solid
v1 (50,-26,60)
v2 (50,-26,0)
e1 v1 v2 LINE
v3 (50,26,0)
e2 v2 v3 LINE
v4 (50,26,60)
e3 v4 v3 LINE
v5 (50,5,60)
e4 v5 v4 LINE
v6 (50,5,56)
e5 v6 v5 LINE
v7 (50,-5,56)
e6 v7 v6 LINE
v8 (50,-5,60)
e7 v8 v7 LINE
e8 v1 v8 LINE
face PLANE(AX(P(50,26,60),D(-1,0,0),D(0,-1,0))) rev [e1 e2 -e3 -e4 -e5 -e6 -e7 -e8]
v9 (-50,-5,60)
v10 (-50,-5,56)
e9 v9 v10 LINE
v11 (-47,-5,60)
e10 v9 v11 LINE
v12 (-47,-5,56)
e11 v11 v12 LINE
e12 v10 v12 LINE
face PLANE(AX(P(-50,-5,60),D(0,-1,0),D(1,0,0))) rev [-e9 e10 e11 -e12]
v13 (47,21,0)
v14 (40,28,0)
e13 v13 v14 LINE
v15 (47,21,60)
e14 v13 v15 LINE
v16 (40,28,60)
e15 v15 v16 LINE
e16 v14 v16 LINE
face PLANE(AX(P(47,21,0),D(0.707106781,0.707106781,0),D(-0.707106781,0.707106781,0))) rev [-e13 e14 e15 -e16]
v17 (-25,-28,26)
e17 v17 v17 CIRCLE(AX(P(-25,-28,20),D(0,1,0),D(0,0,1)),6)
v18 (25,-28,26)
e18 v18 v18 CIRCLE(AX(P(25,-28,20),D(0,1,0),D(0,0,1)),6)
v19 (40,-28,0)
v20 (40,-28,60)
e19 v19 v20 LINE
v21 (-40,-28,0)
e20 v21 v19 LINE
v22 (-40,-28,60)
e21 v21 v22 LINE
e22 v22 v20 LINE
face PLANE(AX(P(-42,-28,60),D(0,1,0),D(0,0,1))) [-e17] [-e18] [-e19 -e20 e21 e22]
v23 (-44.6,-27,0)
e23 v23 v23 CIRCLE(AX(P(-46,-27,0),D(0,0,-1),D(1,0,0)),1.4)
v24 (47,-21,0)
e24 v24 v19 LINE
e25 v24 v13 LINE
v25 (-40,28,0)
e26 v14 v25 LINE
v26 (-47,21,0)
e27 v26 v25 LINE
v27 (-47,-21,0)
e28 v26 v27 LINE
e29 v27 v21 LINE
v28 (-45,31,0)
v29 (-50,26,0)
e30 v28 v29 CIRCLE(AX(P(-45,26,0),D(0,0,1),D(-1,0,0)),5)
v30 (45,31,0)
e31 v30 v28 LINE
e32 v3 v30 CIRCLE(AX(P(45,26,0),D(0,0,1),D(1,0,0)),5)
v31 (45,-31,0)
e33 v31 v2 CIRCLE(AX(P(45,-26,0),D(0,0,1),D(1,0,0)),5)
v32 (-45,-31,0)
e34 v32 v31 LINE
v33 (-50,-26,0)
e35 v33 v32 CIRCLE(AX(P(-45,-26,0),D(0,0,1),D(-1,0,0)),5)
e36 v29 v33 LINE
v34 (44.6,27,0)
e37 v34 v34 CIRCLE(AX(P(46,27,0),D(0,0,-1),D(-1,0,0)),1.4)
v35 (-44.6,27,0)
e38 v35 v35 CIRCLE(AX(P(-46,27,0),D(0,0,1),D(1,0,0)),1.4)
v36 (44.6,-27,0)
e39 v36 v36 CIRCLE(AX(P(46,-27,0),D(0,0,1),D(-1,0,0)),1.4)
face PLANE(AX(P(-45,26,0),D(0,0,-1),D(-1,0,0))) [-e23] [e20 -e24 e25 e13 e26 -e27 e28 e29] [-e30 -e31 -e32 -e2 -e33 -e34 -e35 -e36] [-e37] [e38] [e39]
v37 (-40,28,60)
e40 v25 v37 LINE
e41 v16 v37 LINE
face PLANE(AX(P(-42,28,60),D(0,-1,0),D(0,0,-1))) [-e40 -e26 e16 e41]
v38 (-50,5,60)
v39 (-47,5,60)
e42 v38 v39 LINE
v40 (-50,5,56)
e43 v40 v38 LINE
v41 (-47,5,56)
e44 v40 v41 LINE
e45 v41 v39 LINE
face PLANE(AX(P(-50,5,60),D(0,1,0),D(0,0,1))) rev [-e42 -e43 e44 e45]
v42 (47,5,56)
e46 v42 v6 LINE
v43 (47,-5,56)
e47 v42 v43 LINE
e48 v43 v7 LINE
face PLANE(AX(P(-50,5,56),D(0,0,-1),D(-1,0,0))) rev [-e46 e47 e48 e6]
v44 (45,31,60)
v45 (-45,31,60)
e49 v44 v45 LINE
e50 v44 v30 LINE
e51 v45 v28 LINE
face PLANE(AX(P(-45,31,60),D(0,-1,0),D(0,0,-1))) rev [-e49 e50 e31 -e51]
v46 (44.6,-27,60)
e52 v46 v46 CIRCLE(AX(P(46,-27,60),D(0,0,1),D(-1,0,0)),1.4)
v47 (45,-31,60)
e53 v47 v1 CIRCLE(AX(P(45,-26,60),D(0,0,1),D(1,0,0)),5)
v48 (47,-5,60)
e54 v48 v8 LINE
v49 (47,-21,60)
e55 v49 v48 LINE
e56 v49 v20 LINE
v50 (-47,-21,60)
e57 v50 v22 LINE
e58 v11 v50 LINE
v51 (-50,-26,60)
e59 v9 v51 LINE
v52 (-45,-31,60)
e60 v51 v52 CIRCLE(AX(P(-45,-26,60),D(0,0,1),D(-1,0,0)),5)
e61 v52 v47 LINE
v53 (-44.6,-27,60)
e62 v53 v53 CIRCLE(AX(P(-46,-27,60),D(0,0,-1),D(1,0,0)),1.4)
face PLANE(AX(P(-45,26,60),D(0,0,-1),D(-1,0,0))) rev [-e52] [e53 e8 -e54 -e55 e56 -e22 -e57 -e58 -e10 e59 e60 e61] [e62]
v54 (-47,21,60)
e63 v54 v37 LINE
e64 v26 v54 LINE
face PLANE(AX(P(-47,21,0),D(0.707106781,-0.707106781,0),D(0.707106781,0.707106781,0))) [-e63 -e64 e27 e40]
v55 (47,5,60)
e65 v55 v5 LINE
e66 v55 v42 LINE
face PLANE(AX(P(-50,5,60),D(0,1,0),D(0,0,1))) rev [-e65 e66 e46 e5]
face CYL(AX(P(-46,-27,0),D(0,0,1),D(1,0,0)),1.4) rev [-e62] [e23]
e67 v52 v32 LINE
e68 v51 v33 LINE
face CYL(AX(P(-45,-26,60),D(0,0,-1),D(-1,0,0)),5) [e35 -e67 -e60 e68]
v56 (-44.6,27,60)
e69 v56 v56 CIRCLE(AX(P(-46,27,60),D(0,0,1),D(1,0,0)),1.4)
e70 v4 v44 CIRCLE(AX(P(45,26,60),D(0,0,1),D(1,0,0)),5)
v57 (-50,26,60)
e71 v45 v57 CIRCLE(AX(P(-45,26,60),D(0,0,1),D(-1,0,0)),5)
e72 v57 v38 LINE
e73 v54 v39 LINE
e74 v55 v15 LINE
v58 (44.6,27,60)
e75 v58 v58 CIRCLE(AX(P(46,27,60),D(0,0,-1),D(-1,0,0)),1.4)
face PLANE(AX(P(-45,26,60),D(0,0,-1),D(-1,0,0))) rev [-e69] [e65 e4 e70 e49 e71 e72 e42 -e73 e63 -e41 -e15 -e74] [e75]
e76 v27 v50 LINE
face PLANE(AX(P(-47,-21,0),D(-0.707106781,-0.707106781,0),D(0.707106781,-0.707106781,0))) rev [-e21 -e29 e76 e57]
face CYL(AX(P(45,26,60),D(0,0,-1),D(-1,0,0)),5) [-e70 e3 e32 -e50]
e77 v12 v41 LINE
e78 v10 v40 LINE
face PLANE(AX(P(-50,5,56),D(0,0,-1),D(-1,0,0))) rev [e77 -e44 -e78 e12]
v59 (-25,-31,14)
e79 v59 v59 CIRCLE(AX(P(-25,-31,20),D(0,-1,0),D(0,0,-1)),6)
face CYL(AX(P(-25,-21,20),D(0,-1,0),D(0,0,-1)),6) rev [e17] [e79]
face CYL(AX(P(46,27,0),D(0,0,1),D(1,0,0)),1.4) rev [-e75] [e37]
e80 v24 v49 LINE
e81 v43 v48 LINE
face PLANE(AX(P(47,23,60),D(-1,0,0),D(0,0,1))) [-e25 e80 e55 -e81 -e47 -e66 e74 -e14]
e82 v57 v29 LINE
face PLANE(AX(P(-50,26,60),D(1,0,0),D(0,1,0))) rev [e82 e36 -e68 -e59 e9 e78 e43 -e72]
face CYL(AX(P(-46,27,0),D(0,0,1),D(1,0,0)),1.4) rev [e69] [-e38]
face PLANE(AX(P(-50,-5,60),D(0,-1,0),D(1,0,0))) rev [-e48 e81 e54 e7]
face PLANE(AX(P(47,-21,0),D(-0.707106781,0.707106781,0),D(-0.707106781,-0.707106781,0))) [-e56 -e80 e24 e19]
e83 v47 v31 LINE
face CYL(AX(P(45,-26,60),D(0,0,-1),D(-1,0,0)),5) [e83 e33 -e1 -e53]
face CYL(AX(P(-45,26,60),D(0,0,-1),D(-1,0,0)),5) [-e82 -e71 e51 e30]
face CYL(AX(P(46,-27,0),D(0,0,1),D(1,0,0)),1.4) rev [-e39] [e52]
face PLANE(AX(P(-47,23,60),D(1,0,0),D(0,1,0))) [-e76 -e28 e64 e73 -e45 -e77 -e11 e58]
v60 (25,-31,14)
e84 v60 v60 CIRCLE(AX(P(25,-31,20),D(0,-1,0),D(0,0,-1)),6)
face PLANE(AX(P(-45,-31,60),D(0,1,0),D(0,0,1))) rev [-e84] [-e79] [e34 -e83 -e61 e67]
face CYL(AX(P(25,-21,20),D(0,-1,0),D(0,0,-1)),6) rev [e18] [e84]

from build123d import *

# Parameters (mm, degrees)
EXTRUDE_1_DEPTH          = 60
EXTRUDE_2_DEPTH          = 60
SKETCH_4_R               = 1.4
CUT_EXTRUDE_1_DEPTH      = 60
MIRROR_2_COPY_1_DEPTH    = 60
MIRROR_2_COPY_2_SKETCH_R = 1.4
MIRROR_2_COPY_2_DEPTH    = 60
SKETCH_7_R               = 6
CUT_EXTRUDE_3_DEPTH      = 10
SKETCH_8_W               = 4
SKETCH_8_H               = 10
CUT_EXTRUDE_4_DEPTH      = 100


with BuildPart() as part:
    # 草图1 → 凸台-拉伸1 (new body)
    with BuildSketch(Plane.XY):
        with BuildLine():
            Line((-45, 31), (45, 31))
            ThreePointArc((45, 31), (48.535533906, 29.535533906), (50, 26))
            Line((50, 26), (50, -26))
            ThreePointArc((50, -26), (48.535533906, -29.535533906), (45, -31))
            Line((45, -31), (-45, -31))
            ThreePointArc((-45, -31), (-48.535533906, -29.535533906), (-50, -26))
            Line((-50, -26), (-50, 26))
            ThreePointArc((-50, 26), (-48.535533906, 29.535533906), (-45, 31))
        make_face()
        with BuildLine():
            Line((-42, 28), (42, 28))
            ThreePointArc((42, 28), (45.535533906, 26.535533906), (47, 23))
            Line((47, 23), (47, -23))
            ThreePointArc((47, -23), (45.535533906, -26.535533906), (42, -28))
            Line((42, -28), (-42, -28))
            ThreePointArc((-42, -28), (-45.535533906, -26.535533906), (-47, -23))
            Line((-47, -23), (-47, 23))
            ThreePointArc((-47, 23), (-45.535533906, 26.535533906), (-42, 28))
        make_face(mode=Mode.SUBTRACT)
    extrude(amount=EXTRUDE_1_DEPTH)

    # 草图3 → 凸台-拉伸2 (add)
    with BuildSketch(Plane.XY.offset(60)):
        Polygon((-47, 28), (-47, 21), (-40, 28), align=None)
    extrude_2 = extrude(amount=-EXTRUDE_2_DEPTH)

    # 草图4 → 切除-拉伸1 (cut)
    with BuildSketch(Plane.XY.offset(60)):
        with Locations((-46, 27)):
            Circle(SKETCH_4_R)
    cut_extrude_1 = extrude(amount=-CUT_EXTRUDE_1_DEPTH, mode=Mode.SUBTRACT)

    # 镜向1: 凸台-拉伸2, 切除-拉伸1 across plane
    add(extrude_2.mirror(Plane(origin=(0, 0, 0), x_dir=(0, 0, 1), z_dir=(1, 0, 0))))
    add(cut_extrude_1.mirror(Plane(origin=(0, 0, 0), x_dir=(0, 0, 1), z_dir=(1, 0, 0))), mode=Mode.SUBTRACT)

    # 镜向2: 凸台-拉伸2, 切除-拉伸1 across plane
    add(extrude_2.mirror(Plane.ZX))
    add(cut_extrude_1.mirror(Plane.ZX), mode=Mode.SUBTRACT)

    # 镜向2 copy 1 sketch → 镜向2 copy 1 (add)
    with BuildSketch(Plane(origin=(0, 0, 60), x_dir=(-1, 0, 0), z_dir=(0, 0, 1))):
        Polygon((-47, 28), (-47, 21), (-40, 28), align=None)
    extrude(amount=-MIRROR_2_COPY_1_DEPTH)

    # 镜向2 copy 2 sketch → 镜向2 copy 2 (cut)
    with BuildSketch(Plane(origin=(0, 0, 60), x_dir=(-1, 0, 0), z_dir=(0, 0, 1))):
        with Locations((-46, 27)):
            Circle(MIRROR_2_COPY_2_SKETCH_R)
    extrude(amount=-MIRROR_2_COPY_2_DEPTH, mode=Mode.SUBTRACT)

    # 草图7 → 切除-拉伸3 (cut)
    with BuildSketch(Plane.XZ.offset(31)):
        with Locations(Location((-25, 20, 0), (0, 0, 270))):
            Circle(SKETCH_7_R)
        with Locations(Location((25, 20, 0), (0, 0, 270))):
            Circle(SKETCH_7_R)
    extrude(amount=-CUT_EXTRUDE_3_DEPTH, mode=Mode.SUBTRACT)

    # 草图8 → 切除-拉伸4 (cut)
    with BuildSketch(Plane(origin=(50, 0, 0), x_dir=(0, 0, -1), z_dir=(1, 0, 0))):
        with Locations((-58, 0)):
            Rectangle(SKETCH_8_W, SKETCH_8_H)
    extrude(amount=-CUT_EXTRUDE_4_DEPTH, mode=Mode.SUBTRACT)


solid = part.part
